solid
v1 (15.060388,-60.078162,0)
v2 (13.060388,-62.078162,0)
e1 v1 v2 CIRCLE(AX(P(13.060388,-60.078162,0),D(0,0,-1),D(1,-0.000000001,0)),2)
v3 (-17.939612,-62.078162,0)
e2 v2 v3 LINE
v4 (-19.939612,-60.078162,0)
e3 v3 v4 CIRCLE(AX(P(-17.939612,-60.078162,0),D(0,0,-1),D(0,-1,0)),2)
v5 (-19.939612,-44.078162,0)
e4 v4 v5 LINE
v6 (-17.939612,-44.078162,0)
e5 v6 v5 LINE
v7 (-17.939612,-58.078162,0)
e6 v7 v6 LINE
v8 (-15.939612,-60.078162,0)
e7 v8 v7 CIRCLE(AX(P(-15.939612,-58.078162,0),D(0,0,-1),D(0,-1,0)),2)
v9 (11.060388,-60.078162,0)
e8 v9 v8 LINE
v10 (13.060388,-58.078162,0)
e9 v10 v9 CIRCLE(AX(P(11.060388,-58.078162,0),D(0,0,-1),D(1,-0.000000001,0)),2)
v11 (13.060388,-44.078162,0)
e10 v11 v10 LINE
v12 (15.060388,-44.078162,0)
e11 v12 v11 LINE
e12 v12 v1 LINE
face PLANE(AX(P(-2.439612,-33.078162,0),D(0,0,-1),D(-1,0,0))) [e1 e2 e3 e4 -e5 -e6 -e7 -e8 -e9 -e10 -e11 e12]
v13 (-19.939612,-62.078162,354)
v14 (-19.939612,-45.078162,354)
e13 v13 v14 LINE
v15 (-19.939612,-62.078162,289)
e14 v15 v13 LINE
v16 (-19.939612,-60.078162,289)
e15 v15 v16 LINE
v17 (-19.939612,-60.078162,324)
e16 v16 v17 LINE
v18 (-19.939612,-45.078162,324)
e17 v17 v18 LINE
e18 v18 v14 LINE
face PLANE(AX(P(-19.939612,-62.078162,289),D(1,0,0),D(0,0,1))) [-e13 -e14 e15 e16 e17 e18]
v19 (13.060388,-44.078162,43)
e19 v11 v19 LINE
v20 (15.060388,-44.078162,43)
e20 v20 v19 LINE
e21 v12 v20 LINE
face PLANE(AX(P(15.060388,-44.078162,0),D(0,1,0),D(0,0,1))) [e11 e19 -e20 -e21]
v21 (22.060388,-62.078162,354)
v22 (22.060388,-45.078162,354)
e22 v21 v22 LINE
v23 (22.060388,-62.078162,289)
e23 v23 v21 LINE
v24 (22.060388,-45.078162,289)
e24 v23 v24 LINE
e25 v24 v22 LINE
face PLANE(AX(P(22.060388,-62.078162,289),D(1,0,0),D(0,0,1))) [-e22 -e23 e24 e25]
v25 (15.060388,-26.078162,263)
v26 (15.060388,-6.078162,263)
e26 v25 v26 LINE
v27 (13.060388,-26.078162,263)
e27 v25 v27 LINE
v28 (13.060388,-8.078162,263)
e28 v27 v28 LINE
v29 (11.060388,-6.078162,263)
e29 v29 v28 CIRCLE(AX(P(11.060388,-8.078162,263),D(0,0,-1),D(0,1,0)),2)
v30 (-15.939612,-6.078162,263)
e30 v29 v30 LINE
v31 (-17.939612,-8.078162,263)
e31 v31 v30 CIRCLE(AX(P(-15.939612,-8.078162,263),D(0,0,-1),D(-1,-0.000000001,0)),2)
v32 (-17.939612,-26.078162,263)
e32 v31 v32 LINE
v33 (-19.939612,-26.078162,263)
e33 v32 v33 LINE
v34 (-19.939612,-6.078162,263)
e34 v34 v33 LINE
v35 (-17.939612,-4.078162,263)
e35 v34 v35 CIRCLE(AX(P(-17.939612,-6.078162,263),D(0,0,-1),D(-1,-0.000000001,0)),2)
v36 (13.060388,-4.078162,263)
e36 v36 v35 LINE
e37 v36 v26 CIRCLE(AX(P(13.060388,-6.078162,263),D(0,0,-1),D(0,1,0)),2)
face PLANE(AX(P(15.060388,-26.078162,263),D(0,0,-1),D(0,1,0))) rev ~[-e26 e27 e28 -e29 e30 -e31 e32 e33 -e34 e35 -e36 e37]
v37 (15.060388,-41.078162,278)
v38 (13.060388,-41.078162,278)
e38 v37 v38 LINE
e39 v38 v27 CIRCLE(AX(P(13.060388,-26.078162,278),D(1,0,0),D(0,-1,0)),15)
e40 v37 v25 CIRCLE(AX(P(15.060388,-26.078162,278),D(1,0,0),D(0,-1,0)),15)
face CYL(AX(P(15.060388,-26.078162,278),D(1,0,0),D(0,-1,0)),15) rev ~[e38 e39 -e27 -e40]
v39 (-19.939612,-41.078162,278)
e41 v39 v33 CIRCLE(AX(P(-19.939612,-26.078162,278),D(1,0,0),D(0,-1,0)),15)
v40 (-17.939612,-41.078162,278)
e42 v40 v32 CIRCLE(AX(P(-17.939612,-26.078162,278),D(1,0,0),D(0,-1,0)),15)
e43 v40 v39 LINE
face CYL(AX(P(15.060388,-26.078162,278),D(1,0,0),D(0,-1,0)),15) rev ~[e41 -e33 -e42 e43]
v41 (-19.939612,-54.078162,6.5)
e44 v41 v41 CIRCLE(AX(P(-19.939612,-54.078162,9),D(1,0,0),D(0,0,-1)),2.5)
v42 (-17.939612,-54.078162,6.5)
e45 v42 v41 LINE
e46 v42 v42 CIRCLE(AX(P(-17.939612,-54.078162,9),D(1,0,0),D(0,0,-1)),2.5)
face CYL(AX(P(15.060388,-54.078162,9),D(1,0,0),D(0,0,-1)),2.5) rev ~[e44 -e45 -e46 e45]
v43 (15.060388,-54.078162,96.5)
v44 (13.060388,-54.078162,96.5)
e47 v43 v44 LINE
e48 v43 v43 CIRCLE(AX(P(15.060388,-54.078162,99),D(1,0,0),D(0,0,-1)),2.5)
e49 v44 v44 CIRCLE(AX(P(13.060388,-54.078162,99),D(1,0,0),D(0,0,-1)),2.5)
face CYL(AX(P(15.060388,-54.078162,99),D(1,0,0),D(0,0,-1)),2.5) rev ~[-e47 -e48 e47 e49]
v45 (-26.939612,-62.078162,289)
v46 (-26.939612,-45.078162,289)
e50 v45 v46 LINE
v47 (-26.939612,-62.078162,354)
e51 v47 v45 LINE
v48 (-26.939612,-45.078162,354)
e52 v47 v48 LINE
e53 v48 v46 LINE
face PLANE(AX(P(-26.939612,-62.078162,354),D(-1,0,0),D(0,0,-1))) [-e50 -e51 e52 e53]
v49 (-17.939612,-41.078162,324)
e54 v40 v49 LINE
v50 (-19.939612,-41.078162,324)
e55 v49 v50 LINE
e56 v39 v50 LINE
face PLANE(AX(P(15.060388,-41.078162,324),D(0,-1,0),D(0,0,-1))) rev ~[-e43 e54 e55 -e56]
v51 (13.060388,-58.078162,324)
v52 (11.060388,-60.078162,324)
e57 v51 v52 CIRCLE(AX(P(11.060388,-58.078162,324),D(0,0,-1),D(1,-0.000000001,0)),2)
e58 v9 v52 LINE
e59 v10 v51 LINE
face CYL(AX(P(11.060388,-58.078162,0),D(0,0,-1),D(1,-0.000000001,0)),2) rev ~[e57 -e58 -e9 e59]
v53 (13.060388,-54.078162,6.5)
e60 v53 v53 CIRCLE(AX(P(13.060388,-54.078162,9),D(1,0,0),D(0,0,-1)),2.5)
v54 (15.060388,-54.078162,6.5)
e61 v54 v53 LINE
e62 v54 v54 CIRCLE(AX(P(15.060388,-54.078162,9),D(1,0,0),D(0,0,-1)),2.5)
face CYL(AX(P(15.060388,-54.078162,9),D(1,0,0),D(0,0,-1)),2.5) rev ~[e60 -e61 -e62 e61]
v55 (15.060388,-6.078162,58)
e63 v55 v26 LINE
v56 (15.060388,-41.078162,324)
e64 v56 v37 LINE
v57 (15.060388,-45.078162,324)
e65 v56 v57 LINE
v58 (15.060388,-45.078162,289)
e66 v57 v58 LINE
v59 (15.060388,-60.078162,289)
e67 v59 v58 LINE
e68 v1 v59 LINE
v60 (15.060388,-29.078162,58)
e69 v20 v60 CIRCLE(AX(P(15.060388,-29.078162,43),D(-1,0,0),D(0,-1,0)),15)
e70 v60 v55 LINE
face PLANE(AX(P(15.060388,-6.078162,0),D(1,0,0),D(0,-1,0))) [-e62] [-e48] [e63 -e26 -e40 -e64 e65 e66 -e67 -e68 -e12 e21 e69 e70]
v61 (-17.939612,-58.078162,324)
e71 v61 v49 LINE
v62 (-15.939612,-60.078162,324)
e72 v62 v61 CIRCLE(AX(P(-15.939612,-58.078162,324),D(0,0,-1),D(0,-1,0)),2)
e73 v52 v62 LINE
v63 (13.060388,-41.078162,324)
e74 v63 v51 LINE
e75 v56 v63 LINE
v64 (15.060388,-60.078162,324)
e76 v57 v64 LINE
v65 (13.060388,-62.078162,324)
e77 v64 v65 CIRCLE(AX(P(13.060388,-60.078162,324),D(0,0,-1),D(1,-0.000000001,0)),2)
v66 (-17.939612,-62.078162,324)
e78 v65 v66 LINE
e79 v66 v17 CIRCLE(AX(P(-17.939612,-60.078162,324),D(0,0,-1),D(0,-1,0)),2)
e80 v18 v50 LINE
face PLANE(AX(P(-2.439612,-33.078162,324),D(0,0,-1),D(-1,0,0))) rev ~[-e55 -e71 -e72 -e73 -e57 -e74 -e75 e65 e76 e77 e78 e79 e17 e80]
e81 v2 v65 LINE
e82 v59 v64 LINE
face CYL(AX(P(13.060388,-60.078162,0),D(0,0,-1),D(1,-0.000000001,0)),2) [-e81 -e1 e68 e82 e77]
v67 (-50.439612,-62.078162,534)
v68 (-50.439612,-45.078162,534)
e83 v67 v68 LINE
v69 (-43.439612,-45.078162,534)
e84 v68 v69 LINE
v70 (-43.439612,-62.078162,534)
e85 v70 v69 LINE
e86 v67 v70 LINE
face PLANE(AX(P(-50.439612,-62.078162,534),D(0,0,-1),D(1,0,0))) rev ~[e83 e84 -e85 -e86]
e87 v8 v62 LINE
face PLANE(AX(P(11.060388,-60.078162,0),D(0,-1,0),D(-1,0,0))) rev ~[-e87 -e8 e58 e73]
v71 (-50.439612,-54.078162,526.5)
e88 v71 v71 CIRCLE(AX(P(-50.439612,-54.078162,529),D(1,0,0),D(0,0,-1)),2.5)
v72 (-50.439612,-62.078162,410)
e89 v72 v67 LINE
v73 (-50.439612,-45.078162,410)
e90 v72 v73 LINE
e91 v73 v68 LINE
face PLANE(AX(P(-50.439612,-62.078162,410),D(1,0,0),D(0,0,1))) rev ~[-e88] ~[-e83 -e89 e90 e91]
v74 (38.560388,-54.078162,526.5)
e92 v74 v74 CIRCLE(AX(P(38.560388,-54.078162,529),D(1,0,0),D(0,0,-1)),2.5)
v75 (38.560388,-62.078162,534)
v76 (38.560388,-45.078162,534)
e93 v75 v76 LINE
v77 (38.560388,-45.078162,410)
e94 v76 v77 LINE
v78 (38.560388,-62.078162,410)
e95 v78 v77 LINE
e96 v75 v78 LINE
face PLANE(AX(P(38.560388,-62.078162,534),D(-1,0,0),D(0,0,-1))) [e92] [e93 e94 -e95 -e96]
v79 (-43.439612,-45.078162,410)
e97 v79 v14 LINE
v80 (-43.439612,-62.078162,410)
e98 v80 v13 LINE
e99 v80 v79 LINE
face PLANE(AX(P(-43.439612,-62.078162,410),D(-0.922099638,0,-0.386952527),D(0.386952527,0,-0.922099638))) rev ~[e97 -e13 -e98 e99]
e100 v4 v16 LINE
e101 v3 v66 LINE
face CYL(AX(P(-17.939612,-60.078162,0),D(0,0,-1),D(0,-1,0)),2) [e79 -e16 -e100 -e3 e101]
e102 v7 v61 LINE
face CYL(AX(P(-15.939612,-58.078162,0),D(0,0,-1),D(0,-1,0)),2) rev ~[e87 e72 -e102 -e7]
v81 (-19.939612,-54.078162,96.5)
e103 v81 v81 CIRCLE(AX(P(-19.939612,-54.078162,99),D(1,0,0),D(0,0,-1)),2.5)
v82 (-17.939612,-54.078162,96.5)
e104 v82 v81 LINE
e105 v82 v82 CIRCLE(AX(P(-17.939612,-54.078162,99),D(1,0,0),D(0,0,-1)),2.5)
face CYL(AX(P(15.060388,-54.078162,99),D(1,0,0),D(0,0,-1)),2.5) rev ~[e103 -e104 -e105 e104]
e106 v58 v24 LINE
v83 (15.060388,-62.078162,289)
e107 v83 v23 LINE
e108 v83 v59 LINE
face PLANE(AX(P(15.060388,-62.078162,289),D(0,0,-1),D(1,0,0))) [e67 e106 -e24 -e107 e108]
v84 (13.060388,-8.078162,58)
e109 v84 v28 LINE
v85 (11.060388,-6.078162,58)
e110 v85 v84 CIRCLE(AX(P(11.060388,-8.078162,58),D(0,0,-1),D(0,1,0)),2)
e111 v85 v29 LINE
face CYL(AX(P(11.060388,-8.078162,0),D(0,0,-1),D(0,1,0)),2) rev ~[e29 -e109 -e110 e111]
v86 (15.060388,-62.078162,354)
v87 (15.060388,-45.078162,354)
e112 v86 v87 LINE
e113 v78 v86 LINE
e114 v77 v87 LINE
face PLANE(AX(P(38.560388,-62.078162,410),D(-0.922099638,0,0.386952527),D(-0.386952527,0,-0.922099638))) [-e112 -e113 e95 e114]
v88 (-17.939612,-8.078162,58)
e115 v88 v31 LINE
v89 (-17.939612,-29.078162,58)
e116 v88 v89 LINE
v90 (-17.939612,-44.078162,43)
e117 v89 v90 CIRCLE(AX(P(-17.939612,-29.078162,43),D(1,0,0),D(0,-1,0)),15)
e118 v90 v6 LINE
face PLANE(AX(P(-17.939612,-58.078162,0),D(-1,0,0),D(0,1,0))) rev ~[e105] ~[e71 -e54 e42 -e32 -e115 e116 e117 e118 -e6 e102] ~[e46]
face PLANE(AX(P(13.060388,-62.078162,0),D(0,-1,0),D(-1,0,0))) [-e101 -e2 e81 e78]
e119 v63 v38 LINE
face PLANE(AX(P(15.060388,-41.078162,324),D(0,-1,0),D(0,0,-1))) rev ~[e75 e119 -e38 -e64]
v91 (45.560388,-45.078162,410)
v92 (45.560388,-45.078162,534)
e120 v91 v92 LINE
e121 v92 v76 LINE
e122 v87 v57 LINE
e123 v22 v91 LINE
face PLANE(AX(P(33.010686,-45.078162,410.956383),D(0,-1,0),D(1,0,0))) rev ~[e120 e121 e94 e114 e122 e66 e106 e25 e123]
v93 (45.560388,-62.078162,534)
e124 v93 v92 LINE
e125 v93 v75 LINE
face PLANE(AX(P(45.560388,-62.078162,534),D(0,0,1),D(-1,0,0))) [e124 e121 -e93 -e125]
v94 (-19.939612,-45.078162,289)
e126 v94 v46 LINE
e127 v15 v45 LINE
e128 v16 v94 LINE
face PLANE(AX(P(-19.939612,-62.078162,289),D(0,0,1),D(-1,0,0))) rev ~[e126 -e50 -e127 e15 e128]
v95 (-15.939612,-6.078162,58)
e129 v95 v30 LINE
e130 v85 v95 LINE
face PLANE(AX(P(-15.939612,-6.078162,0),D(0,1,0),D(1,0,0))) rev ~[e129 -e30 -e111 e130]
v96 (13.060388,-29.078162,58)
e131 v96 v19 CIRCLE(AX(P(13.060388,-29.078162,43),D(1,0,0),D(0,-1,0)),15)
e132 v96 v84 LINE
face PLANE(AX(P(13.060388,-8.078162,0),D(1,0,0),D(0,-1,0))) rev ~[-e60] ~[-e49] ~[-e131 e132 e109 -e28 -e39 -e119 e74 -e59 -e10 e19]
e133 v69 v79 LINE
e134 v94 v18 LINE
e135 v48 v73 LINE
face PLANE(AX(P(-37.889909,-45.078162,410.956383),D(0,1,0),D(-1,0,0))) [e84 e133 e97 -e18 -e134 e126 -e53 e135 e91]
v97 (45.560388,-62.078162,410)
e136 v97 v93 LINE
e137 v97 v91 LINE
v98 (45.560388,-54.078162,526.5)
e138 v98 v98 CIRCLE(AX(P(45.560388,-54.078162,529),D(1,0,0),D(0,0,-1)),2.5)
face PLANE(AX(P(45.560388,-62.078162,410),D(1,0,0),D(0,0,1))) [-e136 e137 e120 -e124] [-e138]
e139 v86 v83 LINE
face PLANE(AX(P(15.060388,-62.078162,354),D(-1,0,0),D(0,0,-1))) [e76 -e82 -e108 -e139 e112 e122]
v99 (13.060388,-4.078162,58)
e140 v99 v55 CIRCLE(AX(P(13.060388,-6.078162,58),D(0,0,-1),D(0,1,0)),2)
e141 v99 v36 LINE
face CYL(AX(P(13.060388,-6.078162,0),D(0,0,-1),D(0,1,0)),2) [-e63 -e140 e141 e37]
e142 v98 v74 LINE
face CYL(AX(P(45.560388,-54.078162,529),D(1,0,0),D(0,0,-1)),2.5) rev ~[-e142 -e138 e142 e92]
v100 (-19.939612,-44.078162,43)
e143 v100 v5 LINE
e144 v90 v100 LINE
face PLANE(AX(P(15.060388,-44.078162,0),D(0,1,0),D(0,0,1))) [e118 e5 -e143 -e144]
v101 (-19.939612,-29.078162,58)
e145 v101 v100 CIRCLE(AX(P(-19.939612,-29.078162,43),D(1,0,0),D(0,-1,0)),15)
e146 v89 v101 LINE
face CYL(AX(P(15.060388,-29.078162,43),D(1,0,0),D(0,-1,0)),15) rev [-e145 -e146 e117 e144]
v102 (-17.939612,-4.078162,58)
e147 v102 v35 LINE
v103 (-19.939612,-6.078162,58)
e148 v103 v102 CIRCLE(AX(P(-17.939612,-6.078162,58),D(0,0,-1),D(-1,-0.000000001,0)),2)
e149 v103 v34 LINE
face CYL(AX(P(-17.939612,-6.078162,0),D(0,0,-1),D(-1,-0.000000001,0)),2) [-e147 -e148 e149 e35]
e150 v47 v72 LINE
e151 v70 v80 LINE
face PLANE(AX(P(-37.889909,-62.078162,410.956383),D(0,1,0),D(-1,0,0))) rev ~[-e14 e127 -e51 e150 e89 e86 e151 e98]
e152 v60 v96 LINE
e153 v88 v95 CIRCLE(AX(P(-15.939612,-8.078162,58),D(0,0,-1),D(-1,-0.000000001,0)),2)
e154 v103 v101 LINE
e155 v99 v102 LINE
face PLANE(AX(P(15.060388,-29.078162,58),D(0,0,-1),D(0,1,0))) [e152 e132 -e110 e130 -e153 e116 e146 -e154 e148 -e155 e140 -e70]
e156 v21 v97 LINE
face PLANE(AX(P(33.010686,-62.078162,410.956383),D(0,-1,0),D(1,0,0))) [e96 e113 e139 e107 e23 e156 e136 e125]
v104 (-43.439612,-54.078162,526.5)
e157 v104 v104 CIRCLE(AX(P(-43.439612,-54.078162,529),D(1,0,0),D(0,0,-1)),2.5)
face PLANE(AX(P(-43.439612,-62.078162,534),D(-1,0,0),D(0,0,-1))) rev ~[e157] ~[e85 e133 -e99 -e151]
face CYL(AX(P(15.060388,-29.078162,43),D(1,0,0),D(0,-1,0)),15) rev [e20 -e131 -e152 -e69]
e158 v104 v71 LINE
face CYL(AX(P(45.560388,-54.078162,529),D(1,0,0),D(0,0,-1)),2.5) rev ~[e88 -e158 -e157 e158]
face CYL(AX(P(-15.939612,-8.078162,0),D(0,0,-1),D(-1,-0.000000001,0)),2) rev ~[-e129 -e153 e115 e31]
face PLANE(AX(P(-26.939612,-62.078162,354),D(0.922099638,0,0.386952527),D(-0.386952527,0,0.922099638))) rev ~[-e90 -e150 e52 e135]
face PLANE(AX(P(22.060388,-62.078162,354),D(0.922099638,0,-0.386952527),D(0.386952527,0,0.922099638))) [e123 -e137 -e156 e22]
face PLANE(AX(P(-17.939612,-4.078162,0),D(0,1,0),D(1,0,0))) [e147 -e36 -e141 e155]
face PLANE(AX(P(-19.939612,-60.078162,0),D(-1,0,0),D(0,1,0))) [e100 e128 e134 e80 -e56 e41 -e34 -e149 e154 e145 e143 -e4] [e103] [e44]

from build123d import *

# Parameters (mm, degrees)
EXTRUDE1_DEPTH = 324
SKETCH2_R      = 2.5
EXTRUDE2_DEPTH = 36
EXTRUDE3_DEPTH = 17
SKETCH4_R      = 2.5
EXTRUDE4_DEPTH = 97


with BuildPart() as part:
    # Sketch1 → Extrude1 (new body)
    with BuildSketch(Plane.XY):
        with BuildLine():
            Line((-17.939611789, -4.078161588), (13.060388211, -4.078161588))
            ThreePointArc((13.060388211, -4.078161588), (14.474601773, -4.663948025), (15.060388211, -6.078161588))
            Line((15.060388211, -6.078161588), (15.060388211, -60.078161588))
            ThreePointArc((15.060388211, -60.078161588), (14.474601773, -61.49237515), (13.060388211, -62.078161588))
            Line((13.060388211, -62.078161588), (-17.939611789, -62.078161588))
            ThreePointArc((-17.939611789, -62.078161588), (-19.353825352, -61.49237515), (-19.939611789, -60.078161588))
            Line((-19.939611789, -60.078161588), (-19.939611789, -6.078161588))
            ThreePointArc((-19.939611789, -6.078161588), (-19.353825352, -4.663948025), (-17.939611789, -4.078161588))
        make_face()
        with BuildLine():
            Line((-15.939611789, -6.078161588), (11.060388211, -6.078161588))
            ThreePointArc((11.060388211, -6.078161588), (12.474601773, -6.663948025), (13.060388211, -8.078161588))
            Line((13.060388211, -8.078161588), (13.060388211, -58.078161588))
            ThreePointArc((13.060388211, -58.078161588), (12.474601773, -59.49237515), (11.060388211, -60.078161588))
            Line((11.060388211, -60.078161588), (-15.939611789, -60.078161588))
            ThreePointArc((-15.939611789, -60.078161588), (-17.353825352, -59.49237515), (-17.939611789, -58.078161588))
            Line((-17.939611789, -58.078161588), (-17.939611789, -8.078161588))
            ThreePointArc((-17.939611789, -8.078161588), (-17.353825352, -6.663948025), (-15.939611789, -6.078161588))
        make_face(mode=Mode.SUBTRACT)
    extrude(amount=EXTRUDE1_DEPTH)

    # Sketch2 → Extrude2 (cut, through all)
    with BuildSketch(Plane(origin=(15.060388211, 0, 0), x_dir=(0, 0, -1), z_dir=(1, 0, 0))):
        with Locations((-9, -54.078161588)):
            Circle(SKETCH2_R)
        with Locations((-99, -54.078161588)):
            Circle(SKETCH2_R)
        with BuildLine():
            Line((0, -44.078161588), (-43, -44.078161588))
            ThreePointArc((-43, -44.078161588), (-53.606601718, -39.684763305), (-58, -29.078161588))
            Line((-58, -29.078161588), (-58, -4.078161588))
            Line((-58, -4.078161588), (0, -4.078161588))
            Line((0, -4.078161588), (0, -44.078161588))
        make_face()
        with BuildLine():
            Line((-324, -41.078161588), (-278, -41.078161588))
            ThreePointArc((-278, -41.078161588), (-267.393398282, -36.684763305), (-263, -26.078161588))
            Line((-263, -26.078161588), (-263, -4.078161588))
            Line((-263, -4.078161588), (-324, -4.078161588))
            Line((-324, -4.078161588), (-324, -41.078161588))
        make_face()
    extrude(amount=-EXTRUDE2_DEPTH, mode=Mode.SUBTRACT)

    # Sketch3 → Extrude3 (add)
    with BuildSketch(Plane.XZ.offset(62.078161588)):
        Polygon((15.060388211, 324), (15.060388211, 289), (22.060388211, 289), (22.060388211, 324), (22.060388211, 354), (45.560388211, 410), (45.560388211, 534), (38.560388211, 534), (38.560388211, 410), (15.060388211, 354), align=None)
        Polygon((-19.939611789, 324), (-19.939611789, 289), (-26.939611789, 289), (-26.939611789, 324), (-26.939611789, 354), (-50.439611789, 410), (-50.439611789, 534), (-43.439611789, 534), (-43.439611789, 410), (-19.939611789, 354), align=None)
    extrude(amount=-EXTRUDE3_DEPTH)

    # Sketch4 → Extrude4 (cut, through all)
    with BuildSketch(Plane(origin=(45.560388211, 0, 0), x_dir=(0, 0, -1), z_dir=(1, 0, 0))):
        with Locations((-529, -54.078161588)):
            Circle(SKETCH4_R)
    extrude(amount=-EXTRUDE4_DEPTH, mode=Mode.SUBTRACT)


solid = part.part
